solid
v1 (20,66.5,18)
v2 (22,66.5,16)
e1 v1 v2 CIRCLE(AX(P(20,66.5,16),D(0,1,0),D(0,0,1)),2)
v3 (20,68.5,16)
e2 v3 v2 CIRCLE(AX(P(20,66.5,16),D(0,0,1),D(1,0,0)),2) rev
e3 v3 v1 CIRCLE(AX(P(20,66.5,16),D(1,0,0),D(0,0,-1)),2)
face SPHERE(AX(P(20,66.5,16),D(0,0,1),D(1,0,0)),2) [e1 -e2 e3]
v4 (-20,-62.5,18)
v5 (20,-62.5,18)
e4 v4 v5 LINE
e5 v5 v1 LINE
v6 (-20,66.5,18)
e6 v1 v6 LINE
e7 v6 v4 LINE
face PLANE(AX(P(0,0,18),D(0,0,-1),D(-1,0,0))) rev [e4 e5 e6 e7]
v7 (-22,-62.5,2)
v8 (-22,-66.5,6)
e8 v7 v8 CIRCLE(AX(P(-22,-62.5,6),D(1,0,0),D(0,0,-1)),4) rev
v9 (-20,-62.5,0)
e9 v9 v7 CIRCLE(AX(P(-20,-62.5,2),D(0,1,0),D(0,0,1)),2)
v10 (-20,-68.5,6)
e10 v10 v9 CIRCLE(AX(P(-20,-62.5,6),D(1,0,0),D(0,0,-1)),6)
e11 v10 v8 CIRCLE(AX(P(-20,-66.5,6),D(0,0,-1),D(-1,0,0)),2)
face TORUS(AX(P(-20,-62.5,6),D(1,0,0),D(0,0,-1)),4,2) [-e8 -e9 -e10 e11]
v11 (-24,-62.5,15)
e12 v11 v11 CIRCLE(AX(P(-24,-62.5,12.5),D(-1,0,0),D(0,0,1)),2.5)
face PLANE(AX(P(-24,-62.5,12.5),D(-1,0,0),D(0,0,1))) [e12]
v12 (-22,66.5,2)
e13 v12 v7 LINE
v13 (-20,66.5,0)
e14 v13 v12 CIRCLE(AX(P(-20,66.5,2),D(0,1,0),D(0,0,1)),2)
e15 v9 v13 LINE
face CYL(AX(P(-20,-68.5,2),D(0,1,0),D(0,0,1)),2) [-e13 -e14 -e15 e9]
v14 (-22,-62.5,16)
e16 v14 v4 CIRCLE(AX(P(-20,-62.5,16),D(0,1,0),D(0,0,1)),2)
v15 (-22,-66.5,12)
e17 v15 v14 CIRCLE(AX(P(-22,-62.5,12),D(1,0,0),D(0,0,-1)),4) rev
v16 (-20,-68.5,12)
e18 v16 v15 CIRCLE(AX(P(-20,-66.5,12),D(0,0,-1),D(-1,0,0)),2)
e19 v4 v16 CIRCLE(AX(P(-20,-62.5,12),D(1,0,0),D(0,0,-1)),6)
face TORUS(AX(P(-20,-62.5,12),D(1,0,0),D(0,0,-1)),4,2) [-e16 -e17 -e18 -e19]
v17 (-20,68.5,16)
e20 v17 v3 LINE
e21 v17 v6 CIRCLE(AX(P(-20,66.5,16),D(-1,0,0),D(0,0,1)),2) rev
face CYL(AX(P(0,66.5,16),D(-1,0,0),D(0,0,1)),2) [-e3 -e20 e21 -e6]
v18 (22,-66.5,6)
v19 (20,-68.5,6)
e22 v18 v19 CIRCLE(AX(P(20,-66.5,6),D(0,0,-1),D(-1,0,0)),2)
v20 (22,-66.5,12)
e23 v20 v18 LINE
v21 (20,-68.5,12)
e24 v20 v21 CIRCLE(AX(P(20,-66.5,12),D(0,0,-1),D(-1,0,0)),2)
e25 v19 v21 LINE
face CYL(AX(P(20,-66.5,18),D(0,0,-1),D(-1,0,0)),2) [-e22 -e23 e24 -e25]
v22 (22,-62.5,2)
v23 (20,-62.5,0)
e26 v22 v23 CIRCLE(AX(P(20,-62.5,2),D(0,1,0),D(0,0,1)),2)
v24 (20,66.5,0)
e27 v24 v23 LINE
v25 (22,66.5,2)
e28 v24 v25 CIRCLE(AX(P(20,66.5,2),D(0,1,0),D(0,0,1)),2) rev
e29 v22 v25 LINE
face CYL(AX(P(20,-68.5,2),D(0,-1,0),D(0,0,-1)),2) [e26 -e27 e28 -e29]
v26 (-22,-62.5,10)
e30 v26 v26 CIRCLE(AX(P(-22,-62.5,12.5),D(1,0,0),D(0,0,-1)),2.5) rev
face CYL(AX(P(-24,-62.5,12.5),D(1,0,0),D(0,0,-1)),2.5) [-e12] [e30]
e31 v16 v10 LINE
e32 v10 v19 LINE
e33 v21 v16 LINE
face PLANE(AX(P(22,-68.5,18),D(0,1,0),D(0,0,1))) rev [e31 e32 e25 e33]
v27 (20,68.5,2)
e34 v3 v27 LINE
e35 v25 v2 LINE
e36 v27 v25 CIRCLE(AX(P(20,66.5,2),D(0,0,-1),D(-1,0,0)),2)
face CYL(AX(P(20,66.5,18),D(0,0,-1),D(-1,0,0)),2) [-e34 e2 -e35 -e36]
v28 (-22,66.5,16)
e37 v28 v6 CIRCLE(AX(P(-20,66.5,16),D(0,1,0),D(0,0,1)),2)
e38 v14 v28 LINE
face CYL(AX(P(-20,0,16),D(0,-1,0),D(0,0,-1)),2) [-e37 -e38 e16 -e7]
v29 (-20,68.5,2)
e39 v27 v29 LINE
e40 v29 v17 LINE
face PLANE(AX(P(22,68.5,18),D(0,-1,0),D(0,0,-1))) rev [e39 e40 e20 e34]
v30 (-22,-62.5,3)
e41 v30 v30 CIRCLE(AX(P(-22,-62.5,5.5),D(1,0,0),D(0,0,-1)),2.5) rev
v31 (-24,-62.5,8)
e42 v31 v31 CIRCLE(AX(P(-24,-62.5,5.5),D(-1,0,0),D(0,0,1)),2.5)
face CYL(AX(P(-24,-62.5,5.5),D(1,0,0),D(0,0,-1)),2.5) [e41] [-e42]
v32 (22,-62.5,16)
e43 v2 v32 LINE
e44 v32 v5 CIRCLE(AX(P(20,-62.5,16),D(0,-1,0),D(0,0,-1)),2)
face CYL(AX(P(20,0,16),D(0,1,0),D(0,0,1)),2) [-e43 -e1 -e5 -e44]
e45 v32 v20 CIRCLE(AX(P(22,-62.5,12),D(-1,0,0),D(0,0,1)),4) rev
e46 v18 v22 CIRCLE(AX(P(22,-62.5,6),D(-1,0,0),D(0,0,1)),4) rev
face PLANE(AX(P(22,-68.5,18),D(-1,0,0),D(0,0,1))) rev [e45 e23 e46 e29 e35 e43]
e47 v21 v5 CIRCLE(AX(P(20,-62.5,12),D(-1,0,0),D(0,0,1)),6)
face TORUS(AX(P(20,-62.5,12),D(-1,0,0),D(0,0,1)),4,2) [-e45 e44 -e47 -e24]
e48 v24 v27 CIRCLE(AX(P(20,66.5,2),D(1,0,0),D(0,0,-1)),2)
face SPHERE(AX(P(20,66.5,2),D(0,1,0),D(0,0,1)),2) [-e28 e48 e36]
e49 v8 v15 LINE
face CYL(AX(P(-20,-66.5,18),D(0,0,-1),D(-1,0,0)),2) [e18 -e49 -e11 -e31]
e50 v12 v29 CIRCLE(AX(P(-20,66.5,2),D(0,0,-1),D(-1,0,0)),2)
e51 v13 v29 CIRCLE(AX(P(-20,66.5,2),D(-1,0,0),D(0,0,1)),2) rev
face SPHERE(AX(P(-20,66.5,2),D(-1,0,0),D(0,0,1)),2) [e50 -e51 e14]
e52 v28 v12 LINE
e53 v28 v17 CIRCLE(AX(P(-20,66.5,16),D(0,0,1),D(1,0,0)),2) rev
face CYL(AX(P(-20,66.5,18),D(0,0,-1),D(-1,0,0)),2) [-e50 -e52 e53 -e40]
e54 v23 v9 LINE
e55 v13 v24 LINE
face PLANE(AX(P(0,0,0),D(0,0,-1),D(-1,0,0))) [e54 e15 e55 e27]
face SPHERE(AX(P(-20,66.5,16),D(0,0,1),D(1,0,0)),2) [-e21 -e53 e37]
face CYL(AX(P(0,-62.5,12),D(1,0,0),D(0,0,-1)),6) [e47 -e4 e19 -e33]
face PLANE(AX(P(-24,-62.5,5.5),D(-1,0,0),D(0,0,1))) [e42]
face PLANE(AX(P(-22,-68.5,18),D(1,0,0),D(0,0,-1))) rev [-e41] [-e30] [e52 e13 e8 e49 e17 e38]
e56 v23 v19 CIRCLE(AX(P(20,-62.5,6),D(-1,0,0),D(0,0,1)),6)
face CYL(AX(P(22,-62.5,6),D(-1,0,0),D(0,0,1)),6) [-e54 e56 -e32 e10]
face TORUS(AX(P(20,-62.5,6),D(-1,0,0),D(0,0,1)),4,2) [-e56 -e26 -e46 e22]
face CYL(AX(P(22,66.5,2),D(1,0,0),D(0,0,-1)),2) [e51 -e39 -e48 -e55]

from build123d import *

# Parameters (mm, degrees)
SKETCH1_W           = 137
SKETCH1_H           = 44
BOSS_EXTRUDE1_DEPTH = 18
FILLET1_R           = 6
FILLET2_R           = 2
SKETCH2_R           = 2.5
BOSS_EXTRUDE2_DEPTH = 2


with BuildPart() as part:
    # Sketch1 → Boss-Extrude1 (new body)
    with BuildSketch(Plane(origin=(0, 0, 0), x_dir=(0, 1, 0), z_dir=(0, 0, 1))):
        Rectangle(SKETCH1_W, SKETCH1_H)
    extrude(amount=BOSS_EXTRUDE1_DEPTH)

    # Fillet1
    fillet1_edges = [part.edges().sort_by_distance(p)[0] for p in [
        (0, -68.5, 18),
        (0, -68.5, 0),
    ]]
    fillet(fillet1_edges, radius=FILLET1_R)

    # Fillet2
    fillet2_edges = [part.edges().sort_by_distance(p)[0] for p in [
        (22, -68.5, 9),
        (-22, -68.5, 9),
        (22, 3, 0),
        (22, 3, 18),
        (22, -66.742640687, 16.242640687),
        (22, -66.742640687, 1.757359313),
        (-22, -66.742640687, 16.242640687),
        (-22, -66.742640687, 1.757359313),
        (0, 68.5, 18),
        (-22, 3, 0),
        (0, 68.5, 0),
        (22, 68.5, 9),
        (-22, 68.5, 9),
        (-22, 3, 18),
    ]]
    fillet(fillet2_edges, radius=FILLET2_R)

    # Sketch2 → Boss-Extrude2 (add)
    with BuildSketch(Plane(origin=(-22, 0, 0), x_dir=(0, -1, 0), z_dir=(-1, 0, 0))):
        with Locations(Location((62.5, 12.5, 0), (0, 0, 270))):
            Circle(SKETCH2_R)
        with Locations(Location((62.5, 5.5, 0), (0, 0, 270))):
            Circle(SKETCH2_R)
    extrude(amount=BOSS_EXTRUDE2_DEPTH)


solid = part.part
